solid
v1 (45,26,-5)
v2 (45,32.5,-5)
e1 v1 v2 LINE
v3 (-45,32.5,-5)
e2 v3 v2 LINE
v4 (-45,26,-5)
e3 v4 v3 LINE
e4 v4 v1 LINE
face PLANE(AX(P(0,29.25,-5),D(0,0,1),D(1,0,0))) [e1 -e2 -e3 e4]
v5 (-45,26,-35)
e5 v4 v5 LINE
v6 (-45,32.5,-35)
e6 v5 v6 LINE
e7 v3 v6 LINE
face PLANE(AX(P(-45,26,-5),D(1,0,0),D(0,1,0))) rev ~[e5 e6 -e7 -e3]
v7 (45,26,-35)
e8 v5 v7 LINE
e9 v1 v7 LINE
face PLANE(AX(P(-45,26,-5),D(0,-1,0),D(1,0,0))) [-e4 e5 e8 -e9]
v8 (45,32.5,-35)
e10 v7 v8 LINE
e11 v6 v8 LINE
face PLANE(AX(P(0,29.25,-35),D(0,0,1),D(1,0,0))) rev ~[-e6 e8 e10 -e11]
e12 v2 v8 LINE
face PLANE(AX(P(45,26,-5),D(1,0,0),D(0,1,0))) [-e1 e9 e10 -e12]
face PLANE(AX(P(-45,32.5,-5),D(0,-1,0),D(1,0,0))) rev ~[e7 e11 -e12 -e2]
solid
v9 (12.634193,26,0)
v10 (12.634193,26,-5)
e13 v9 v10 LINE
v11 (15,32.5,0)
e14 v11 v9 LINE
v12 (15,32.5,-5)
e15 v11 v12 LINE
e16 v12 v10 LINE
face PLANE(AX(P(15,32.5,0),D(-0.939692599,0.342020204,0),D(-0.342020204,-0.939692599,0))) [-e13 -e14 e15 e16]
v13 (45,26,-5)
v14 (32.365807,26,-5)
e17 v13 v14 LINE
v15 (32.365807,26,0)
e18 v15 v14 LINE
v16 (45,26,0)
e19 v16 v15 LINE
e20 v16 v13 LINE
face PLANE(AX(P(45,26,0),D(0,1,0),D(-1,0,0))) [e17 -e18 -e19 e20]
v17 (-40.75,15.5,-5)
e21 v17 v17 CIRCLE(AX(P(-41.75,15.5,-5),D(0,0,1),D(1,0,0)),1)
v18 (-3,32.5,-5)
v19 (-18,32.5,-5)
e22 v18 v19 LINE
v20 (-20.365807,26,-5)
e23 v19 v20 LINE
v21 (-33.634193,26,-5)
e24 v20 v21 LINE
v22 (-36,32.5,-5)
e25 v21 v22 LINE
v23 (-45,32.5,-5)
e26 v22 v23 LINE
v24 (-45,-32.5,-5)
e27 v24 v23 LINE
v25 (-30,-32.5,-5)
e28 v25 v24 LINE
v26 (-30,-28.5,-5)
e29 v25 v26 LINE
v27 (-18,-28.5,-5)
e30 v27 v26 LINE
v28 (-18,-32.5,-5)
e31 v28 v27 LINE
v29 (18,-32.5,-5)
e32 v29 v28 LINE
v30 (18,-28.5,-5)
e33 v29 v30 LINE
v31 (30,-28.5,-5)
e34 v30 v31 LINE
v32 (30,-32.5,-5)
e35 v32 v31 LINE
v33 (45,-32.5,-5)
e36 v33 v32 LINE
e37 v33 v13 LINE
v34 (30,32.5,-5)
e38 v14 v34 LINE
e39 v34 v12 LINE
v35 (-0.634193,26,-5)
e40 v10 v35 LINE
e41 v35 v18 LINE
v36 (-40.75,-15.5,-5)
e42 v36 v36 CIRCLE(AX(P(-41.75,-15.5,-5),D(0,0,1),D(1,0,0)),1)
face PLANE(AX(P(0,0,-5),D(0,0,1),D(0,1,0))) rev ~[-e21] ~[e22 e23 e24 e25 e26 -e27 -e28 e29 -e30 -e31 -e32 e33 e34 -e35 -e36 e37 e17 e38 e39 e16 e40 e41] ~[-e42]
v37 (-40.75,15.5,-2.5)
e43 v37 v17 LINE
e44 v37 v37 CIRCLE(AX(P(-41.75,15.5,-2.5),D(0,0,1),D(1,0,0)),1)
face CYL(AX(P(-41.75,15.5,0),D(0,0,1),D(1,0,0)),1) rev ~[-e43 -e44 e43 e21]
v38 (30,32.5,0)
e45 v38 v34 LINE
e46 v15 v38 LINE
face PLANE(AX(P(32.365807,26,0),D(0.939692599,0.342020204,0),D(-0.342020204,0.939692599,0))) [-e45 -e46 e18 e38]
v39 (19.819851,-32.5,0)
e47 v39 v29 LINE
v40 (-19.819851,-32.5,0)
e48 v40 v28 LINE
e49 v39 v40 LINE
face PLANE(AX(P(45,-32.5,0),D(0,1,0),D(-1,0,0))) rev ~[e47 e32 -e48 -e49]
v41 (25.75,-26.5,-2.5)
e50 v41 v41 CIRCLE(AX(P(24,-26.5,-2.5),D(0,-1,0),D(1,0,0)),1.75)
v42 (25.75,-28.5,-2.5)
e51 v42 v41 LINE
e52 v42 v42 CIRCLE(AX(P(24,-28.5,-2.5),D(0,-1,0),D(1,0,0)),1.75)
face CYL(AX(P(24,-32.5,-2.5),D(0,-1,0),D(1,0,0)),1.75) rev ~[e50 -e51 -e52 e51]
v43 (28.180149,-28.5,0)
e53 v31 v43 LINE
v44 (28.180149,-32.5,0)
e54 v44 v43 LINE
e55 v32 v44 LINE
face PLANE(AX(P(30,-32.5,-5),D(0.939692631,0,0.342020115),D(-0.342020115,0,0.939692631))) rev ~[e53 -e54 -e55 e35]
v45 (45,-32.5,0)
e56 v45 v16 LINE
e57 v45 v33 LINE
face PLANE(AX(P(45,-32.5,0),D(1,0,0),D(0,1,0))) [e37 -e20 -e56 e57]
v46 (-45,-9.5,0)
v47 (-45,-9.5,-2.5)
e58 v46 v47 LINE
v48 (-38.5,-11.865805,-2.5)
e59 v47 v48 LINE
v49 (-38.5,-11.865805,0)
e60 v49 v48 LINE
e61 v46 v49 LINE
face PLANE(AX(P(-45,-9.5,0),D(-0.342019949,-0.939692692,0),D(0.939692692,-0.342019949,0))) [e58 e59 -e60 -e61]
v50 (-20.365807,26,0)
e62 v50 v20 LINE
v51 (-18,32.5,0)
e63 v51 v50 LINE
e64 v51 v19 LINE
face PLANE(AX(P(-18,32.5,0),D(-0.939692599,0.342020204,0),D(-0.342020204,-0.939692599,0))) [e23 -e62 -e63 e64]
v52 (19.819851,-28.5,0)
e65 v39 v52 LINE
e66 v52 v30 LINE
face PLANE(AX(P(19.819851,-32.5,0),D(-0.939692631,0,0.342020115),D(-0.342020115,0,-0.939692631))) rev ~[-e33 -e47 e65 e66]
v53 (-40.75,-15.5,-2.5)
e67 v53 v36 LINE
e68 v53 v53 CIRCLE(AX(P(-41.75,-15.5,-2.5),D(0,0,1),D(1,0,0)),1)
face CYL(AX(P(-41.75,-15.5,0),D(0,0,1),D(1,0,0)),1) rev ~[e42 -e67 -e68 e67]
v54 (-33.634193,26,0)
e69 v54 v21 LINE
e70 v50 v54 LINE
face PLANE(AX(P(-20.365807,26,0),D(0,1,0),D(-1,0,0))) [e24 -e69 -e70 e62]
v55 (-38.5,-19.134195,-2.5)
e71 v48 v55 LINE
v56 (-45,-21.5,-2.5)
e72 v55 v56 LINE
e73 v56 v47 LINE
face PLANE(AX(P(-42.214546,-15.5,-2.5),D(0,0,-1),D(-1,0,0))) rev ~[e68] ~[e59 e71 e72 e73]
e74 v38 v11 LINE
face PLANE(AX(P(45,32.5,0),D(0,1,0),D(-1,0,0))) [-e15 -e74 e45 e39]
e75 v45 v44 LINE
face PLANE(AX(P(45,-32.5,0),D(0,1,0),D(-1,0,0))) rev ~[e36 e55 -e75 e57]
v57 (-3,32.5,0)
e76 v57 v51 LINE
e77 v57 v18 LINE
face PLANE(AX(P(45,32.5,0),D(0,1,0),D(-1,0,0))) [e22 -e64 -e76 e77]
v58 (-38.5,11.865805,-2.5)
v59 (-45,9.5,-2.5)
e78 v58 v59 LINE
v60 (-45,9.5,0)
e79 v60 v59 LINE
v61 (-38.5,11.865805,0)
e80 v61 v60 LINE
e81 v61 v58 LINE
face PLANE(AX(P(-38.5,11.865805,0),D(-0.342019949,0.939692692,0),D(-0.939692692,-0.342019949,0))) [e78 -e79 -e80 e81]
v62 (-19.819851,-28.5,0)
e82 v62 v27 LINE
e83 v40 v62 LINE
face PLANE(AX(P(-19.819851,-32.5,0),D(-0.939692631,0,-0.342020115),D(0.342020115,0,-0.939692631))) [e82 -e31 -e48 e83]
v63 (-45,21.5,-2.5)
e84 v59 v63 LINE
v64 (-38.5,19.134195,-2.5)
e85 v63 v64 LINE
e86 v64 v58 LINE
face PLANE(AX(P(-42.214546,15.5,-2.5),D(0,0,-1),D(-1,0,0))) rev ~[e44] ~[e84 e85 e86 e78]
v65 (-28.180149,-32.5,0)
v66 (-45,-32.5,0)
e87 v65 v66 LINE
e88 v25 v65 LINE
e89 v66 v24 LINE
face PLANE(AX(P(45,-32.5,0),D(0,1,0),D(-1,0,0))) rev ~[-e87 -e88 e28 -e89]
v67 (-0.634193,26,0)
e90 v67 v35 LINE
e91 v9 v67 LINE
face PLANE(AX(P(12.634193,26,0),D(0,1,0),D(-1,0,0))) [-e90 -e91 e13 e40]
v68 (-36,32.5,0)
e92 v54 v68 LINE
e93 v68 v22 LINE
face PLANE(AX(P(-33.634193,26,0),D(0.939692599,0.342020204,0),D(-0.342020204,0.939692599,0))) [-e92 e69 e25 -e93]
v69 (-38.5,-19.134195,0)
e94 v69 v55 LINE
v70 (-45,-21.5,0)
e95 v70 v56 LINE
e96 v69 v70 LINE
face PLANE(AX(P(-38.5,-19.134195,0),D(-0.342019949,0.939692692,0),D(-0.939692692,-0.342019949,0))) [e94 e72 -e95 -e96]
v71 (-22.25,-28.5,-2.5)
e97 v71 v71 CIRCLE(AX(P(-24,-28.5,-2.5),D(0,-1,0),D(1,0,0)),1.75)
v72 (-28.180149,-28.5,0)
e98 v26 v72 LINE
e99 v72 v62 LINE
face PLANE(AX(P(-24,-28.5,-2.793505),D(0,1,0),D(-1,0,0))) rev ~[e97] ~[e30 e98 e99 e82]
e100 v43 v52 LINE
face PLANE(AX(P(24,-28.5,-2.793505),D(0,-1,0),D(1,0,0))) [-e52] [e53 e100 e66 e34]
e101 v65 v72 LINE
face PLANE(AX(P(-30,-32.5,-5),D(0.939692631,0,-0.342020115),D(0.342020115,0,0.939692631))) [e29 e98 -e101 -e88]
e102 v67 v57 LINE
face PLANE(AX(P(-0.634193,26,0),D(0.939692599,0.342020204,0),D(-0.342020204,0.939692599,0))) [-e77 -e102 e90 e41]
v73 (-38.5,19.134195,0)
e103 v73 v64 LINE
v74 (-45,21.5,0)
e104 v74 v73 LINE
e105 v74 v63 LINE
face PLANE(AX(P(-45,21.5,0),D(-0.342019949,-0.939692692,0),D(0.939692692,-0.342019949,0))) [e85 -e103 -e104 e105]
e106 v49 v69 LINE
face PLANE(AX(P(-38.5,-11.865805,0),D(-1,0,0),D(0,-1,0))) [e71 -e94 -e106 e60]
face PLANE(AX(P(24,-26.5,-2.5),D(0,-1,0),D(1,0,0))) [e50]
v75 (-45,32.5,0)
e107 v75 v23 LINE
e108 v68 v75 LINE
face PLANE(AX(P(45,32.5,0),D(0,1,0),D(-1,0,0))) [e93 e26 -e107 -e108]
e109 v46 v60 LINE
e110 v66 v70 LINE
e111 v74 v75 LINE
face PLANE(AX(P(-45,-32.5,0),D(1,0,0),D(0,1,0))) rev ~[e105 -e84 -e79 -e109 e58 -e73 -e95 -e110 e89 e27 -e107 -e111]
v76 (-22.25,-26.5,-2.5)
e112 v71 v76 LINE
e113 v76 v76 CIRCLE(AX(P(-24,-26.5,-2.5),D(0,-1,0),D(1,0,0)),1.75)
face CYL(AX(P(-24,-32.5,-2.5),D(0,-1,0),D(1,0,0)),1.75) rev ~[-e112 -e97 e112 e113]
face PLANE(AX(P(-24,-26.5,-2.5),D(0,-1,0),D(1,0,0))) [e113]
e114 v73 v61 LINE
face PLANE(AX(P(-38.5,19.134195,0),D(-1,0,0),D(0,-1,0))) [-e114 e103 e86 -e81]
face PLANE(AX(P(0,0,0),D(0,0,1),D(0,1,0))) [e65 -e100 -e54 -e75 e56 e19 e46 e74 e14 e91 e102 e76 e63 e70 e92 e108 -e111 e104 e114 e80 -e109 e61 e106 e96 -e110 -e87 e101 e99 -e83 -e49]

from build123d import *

# Parameters (mm, degrees)
BINDER_W        = 65
BINDER_H        = 90
PAD_DEPTH       = 5
POCKET_DEPTH    = 5.001
POCKET001_DEPTH = 2.5
POCKET002_DEPTH = 4
SKETCH007_R     = 1.75
POCKET003_DEPTH = 6
SKETCH008_R     = 1
POCKET004_DEPTH = 5.001
SKETCH002_W     = 90
SKETCH002_H     = 6.5
PAD001_DEPTH    = 30


with BuildPart() as body001:
    # Binder → Pad (new body)
    with BuildSketch(Plane(origin=(0, 0, 0), x_dir=(0, 1, 0), z_dir=(0, 0, 1))):
        Rectangle(BINDER_W, BINDER_H)
    extrude(amount=-PAD_DEPTH)

    # Sketch004 (on Face5 of Pad) → Pocket (cut, through all)
    with BuildSketch(Plane.XY):
        Polygon((45, 32.5), (45, 26), (32.365807, 26), (30, 32.5), align=None)
        Polygon((15, 32.5), (12.634193, 26), (-0.634193, 26), (-3, 32.5), align=None)
        Polygon((-18, 32.5), (-20.365807, 26), (-33.634193, 26), (-36, 32.5), align=None)
    extrude(amount=-POCKET_DEPTH, mode=Mode.SUBTRACT)

    # Sketch005 (on Face5 of Pad) → Pocket001 (cut)
    with BuildSketch(Plane.XY):
        Polygon((-45, 21.5), (-38.5, 19.134195), (-38.5, 11.865805), (-45, 9.5), align=None)
        Polygon((-45, -9.5), (-38.5, -11.865805), (-38.5, -19.134195), (-45, -21.5), align=None)
    extrude(amount=-POCKET001_DEPTH, mode=Mode.SUBTRACT)

    # Sketch006 (on Face1 of Pad) → Pocket002 (cut)
    with BuildSketch(Plane.XZ.offset(32.5)):
        Polygon((-30, -5), (-28.180149, 0), (-19.819851, 0), (-18, -5), align=None)
        Polygon((30, -5), (28.180149, 0), (19.819851, 0), (18, -5), align=None)
    extrude(amount=-POCKET002_DEPTH, mode=Mode.SUBTRACT)

    # Sketch007 (on Face1 of Pad) → Pocket003 (cut)
    with BuildSketch(Plane.XZ.offset(32.5)):
        with Locations((-24, -2.5)):
            Circle(SKETCH007_R)
        with Locations((24, -2.5)):
            Circle(SKETCH007_R)
    extrude(amount=-POCKET003_DEPTH, mode=Mode.SUBTRACT)

    # Sketch008 (on Face5 of Pad) → Pocket004 (cut, through all)
    with BuildSketch(Plane.XY):
        with Locations((-41.75, 15.5)):
            Circle(SKETCH008_R)
        with Locations((-41.75, -15.5)):
            Circle(SKETCH008_R)
    extrude(amount=-POCKET004_DEPTH, mode=Mode.SUBTRACT)


with BuildPart() as body002:
    # Sketch002 (on Face1 of Binder001) → Pad001 (new body)
    with BuildSketch(Plane.XY.offset(-5)):
        with Locations((0, 29.25)):
            Rectangle(SKETCH002_W, SKETCH002_H)
    extrude(amount=-PAD001_DEPTH)


solid = Compound([body001.part, body002.part])
